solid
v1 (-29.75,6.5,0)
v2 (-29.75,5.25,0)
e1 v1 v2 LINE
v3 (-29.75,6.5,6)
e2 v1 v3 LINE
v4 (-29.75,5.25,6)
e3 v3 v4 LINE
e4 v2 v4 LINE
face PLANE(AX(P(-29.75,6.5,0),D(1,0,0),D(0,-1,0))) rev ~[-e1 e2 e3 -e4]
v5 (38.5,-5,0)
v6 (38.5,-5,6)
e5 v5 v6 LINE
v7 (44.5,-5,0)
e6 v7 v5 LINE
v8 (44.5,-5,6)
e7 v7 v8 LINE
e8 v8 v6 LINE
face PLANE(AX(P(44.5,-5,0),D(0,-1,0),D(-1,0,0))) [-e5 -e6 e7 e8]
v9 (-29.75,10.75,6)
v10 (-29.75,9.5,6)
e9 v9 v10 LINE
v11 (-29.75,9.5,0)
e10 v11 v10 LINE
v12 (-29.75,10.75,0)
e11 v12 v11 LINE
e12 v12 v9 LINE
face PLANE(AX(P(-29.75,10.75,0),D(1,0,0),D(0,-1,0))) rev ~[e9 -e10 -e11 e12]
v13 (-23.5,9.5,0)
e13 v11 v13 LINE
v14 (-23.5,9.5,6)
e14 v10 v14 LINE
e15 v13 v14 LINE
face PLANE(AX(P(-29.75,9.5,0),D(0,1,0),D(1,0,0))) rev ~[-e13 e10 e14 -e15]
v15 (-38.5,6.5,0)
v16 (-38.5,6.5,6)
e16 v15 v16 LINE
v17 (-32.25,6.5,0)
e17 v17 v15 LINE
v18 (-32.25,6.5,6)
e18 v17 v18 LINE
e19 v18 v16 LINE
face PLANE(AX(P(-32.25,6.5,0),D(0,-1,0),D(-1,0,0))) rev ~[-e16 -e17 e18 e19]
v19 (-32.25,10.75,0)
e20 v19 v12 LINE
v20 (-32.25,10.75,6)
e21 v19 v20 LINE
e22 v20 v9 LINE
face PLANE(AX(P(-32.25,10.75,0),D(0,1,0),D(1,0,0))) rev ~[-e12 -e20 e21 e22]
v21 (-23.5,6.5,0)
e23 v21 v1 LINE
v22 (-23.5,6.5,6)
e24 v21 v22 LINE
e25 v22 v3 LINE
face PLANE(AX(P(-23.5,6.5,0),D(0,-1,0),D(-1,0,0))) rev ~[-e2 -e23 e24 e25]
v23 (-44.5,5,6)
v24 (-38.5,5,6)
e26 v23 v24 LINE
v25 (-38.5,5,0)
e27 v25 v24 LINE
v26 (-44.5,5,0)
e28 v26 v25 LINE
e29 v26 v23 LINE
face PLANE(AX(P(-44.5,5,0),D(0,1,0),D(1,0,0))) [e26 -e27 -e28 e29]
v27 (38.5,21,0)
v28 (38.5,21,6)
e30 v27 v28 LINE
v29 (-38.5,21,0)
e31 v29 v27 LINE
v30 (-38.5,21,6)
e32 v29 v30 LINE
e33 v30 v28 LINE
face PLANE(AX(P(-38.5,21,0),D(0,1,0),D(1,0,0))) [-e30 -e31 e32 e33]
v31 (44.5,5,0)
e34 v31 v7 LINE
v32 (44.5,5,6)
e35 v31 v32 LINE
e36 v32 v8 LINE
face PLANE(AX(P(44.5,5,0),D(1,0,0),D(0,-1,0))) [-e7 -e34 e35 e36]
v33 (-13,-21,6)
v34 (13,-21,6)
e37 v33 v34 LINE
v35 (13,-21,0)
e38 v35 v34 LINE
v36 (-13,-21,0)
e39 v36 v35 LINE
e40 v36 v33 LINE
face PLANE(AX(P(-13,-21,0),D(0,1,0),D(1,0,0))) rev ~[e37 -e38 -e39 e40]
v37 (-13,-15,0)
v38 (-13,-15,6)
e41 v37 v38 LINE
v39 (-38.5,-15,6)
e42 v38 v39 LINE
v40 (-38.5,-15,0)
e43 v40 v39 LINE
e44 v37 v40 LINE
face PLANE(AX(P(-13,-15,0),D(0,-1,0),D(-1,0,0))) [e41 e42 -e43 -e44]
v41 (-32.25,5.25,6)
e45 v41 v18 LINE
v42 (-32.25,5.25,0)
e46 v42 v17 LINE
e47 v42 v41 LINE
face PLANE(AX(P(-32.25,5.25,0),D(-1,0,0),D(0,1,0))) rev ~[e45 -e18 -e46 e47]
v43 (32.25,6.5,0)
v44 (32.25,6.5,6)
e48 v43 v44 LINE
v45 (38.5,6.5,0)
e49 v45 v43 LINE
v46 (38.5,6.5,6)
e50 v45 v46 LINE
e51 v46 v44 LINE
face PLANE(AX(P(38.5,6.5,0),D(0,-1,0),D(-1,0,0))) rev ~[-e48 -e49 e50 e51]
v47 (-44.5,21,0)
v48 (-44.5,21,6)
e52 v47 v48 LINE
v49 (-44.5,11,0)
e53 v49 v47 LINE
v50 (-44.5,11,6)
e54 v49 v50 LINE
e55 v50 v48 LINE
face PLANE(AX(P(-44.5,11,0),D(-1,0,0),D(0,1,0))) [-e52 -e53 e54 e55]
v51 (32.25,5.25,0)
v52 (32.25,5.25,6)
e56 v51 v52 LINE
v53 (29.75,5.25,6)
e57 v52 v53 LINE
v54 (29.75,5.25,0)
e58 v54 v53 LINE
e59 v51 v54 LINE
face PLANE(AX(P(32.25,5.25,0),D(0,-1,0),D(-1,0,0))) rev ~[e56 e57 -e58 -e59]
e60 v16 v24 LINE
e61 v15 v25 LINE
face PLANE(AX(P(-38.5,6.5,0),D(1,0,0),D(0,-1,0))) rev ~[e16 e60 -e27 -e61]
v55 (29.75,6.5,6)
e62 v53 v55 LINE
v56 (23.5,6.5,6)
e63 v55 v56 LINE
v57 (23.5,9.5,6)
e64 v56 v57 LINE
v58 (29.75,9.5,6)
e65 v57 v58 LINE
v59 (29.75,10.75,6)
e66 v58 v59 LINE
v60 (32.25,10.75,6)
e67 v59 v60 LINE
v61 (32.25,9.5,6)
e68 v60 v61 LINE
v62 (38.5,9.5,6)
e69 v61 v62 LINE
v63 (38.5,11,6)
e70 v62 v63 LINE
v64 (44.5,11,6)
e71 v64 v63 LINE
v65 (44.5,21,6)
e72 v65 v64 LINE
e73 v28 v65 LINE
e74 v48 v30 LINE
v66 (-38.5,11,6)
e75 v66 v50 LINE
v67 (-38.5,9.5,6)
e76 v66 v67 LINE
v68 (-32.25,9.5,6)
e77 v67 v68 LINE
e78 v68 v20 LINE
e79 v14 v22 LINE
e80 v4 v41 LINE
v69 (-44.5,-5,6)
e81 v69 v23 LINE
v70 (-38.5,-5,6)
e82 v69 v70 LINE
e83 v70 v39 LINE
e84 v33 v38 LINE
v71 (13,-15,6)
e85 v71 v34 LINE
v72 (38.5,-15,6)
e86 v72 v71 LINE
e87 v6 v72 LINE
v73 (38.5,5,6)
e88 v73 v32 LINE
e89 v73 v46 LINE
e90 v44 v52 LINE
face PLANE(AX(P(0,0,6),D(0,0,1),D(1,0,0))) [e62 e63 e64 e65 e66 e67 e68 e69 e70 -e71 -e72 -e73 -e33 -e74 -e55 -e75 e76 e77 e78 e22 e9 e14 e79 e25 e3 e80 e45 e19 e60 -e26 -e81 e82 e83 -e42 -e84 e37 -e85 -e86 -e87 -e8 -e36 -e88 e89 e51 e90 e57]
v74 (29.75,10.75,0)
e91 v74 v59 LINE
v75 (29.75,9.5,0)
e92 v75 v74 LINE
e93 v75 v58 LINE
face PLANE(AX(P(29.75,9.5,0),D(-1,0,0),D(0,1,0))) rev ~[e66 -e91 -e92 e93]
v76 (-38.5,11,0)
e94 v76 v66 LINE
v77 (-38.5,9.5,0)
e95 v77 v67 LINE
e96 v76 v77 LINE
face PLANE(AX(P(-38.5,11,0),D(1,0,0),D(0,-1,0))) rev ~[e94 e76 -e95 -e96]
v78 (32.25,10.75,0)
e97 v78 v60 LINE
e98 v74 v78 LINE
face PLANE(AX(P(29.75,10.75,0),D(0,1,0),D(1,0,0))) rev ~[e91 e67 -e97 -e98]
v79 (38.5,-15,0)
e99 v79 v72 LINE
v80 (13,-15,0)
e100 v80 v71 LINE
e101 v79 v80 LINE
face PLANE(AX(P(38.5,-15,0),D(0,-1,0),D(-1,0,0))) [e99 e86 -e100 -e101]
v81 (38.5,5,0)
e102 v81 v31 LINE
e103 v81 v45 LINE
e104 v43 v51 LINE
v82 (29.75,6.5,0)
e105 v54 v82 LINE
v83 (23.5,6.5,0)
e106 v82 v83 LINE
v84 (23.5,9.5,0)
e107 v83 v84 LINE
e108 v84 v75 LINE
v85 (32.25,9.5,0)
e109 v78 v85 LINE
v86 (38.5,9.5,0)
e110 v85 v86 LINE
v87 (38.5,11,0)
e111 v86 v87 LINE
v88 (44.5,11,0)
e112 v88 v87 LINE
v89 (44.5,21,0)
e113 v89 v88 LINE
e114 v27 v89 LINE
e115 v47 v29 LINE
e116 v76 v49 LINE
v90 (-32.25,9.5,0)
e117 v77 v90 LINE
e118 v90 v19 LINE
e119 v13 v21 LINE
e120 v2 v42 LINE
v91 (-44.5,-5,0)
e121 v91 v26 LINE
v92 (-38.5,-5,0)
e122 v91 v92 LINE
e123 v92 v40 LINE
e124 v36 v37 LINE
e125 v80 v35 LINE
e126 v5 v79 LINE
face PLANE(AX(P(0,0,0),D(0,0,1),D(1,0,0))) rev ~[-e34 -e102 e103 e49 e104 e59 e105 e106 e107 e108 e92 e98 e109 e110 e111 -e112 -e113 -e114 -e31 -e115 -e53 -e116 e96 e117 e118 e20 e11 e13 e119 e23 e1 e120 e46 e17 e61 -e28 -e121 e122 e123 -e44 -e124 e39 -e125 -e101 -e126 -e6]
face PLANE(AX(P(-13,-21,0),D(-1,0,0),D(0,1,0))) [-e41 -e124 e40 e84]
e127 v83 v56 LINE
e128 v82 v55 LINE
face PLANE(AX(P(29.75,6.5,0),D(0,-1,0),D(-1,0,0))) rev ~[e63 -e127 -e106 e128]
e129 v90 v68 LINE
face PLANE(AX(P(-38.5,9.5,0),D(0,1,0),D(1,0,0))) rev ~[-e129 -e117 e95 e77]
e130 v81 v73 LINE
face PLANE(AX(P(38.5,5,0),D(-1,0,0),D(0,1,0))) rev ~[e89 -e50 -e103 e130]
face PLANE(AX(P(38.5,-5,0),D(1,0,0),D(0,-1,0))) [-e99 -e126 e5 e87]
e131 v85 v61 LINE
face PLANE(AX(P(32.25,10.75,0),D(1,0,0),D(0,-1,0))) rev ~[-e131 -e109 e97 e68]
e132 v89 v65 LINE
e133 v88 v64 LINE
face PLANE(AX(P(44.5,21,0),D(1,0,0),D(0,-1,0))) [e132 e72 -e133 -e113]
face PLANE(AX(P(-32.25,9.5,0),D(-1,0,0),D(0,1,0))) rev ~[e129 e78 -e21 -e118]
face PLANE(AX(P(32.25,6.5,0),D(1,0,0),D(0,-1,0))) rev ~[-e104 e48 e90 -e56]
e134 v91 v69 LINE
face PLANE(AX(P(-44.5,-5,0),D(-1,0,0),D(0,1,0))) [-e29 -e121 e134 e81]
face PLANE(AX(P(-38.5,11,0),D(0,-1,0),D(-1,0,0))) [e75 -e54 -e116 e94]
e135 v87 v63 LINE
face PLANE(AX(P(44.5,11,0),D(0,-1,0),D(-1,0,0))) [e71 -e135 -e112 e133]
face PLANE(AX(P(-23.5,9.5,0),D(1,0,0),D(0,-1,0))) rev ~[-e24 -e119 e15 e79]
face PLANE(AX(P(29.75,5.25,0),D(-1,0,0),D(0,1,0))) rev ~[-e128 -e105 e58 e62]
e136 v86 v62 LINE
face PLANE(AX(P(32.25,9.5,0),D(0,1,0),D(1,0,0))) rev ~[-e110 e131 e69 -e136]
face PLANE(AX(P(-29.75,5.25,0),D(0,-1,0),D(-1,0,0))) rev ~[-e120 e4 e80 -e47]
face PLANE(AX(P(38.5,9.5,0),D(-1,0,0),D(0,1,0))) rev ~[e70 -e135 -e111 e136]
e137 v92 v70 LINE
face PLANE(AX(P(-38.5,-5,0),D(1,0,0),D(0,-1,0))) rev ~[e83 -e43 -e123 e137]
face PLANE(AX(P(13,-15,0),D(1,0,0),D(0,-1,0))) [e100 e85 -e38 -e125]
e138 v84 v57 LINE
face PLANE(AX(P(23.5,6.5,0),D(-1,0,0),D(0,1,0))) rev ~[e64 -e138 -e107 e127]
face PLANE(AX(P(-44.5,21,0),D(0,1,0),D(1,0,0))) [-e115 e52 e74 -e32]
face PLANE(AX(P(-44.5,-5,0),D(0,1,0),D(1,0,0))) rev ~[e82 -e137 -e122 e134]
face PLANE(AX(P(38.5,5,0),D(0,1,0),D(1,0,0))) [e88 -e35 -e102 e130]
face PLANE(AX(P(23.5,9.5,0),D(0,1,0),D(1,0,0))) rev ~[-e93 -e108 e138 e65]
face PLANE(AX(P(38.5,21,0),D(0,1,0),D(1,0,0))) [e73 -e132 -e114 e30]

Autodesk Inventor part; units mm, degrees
ref_plane "YZ Plane" through (0, 0, 0) normal (1, 0, 0) x (0, 1, 0)
ref_plane "XZ Plane" through (0, 0, 0) normal (0, 1, 0) x (-1, 0, 0)
ref_plane "XY Plane" through (0, 0, 0) normal (0, 0, 1) x (1, 0, 0)
sketch "0" plane through (0, 0, 0) normal (0, 0, 1) x (1, 0, 0)
  line L0 (-44.5, -5) -> (-44.5, 5)
  line L1 (-44.5, 5) -> (-38.5, 5)
  line L2 (-38.5, 11) -> (-38.5, 9.5)
  line L3 (-38.5, 9.5) -> (-32.25, 9.5)
  line L4 (-23.5, 9.5) -> (-23.5, 6.5)
  line L5 (-23.5, 6.5) -> (-29.75, 6.5)
  line L6 (-32.25, 5.25) -> (-32.25, 6.5)
  line L7 (-32.25, 10.75) -> (-29.75, 10.75)
  line L8 (-29.75, 10.75) -> (-29.75, 9.5)
  line L9 (-29.75, 5.25) -> (-32.25, 5.25)
  line L10 (-32.25, 6.5) -> (-38.5, 6.5)
  line L11 (-29.75, 6.5) -> (-29.75, 5.25)
  line L12 (-32.25, 9.5) -> (-32.25, 10.75)
  line L13 (-38.5, 6.5) -> (-38.5, 5)
  line L14 (-44.5, 11) -> (-44.5, 21)
  line L15 (-38.5, 11) -> (-44.5, 11)
  line L16 (-44.5, 21) -> (-38.5, 21)
  line L17 (-29.75, 9.5) -> (-23.5, 9.5)
  line L18 (38.5, 21) -> (44.5, 21)
  line L19 (44.5, 21) -> (44.5, 11)
  line L20 (44.5, 11) -> (38.5, 11)
  line L21 (38.5, 5) -> (38.5, 6.5)
  line L22 (38.5, 6.5) -> (32.25, 6.5)
  line L23 (23.5, 6.5) -> (23.5, 9.5)
  line L24 (23.5, 9.5) -> (29.75, 9.5)
  line L25 (32.25, 10.75) -> (32.25, 9.5)
  line L26 (32.25, 5.25) -> (29.75, 5.25)
  line L27 (29.75, 5.25) -> (29.75, 6.5)
  line L28 (29.75, 10.75) -> (32.25, 10.75)
  line L29 (32.25, 9.5) -> (38.5, 9.5)
  line L30 (29.75, 9.5) -> (29.75, 10.75)
  line L31 (32.25, 6.5) -> (32.25, 5.25)
  line L32 (38.5, 9.5) -> (38.5, 11)
  line L33 (44.5, 5) -> (44.5, -5)
  line L34 (38.5, 5) -> (44.5, 5)
  line L35 (29.75, 6.5) -> (23.5, 6.5)
  line L36 (-38.5, 21) -> (38.5, 21)
  line L37 (38.5, -15) -> (13, -15)
  line L38 (13, -15) -> (13, -21)
  line L39 (-13, -21) -> (-13, -15)
  line L40 (-13, -15) -> (-38.5, -15)
  line L41 (-13, -21) -> (13, -21)
  line L42 (-44.5, -5) -> (-38.5, -5)
  line L43 (-38.5, -5) -> (-38.5, -15)
  line L44 (44.5, -5) -> (38.5, -5)
  line L45 (38.5, -5) -> (38.5, -15)
extrude "Выдавливание1" add sketch "0" along normal blind 6
properties part number "Крепление_мотора3_платформа"
